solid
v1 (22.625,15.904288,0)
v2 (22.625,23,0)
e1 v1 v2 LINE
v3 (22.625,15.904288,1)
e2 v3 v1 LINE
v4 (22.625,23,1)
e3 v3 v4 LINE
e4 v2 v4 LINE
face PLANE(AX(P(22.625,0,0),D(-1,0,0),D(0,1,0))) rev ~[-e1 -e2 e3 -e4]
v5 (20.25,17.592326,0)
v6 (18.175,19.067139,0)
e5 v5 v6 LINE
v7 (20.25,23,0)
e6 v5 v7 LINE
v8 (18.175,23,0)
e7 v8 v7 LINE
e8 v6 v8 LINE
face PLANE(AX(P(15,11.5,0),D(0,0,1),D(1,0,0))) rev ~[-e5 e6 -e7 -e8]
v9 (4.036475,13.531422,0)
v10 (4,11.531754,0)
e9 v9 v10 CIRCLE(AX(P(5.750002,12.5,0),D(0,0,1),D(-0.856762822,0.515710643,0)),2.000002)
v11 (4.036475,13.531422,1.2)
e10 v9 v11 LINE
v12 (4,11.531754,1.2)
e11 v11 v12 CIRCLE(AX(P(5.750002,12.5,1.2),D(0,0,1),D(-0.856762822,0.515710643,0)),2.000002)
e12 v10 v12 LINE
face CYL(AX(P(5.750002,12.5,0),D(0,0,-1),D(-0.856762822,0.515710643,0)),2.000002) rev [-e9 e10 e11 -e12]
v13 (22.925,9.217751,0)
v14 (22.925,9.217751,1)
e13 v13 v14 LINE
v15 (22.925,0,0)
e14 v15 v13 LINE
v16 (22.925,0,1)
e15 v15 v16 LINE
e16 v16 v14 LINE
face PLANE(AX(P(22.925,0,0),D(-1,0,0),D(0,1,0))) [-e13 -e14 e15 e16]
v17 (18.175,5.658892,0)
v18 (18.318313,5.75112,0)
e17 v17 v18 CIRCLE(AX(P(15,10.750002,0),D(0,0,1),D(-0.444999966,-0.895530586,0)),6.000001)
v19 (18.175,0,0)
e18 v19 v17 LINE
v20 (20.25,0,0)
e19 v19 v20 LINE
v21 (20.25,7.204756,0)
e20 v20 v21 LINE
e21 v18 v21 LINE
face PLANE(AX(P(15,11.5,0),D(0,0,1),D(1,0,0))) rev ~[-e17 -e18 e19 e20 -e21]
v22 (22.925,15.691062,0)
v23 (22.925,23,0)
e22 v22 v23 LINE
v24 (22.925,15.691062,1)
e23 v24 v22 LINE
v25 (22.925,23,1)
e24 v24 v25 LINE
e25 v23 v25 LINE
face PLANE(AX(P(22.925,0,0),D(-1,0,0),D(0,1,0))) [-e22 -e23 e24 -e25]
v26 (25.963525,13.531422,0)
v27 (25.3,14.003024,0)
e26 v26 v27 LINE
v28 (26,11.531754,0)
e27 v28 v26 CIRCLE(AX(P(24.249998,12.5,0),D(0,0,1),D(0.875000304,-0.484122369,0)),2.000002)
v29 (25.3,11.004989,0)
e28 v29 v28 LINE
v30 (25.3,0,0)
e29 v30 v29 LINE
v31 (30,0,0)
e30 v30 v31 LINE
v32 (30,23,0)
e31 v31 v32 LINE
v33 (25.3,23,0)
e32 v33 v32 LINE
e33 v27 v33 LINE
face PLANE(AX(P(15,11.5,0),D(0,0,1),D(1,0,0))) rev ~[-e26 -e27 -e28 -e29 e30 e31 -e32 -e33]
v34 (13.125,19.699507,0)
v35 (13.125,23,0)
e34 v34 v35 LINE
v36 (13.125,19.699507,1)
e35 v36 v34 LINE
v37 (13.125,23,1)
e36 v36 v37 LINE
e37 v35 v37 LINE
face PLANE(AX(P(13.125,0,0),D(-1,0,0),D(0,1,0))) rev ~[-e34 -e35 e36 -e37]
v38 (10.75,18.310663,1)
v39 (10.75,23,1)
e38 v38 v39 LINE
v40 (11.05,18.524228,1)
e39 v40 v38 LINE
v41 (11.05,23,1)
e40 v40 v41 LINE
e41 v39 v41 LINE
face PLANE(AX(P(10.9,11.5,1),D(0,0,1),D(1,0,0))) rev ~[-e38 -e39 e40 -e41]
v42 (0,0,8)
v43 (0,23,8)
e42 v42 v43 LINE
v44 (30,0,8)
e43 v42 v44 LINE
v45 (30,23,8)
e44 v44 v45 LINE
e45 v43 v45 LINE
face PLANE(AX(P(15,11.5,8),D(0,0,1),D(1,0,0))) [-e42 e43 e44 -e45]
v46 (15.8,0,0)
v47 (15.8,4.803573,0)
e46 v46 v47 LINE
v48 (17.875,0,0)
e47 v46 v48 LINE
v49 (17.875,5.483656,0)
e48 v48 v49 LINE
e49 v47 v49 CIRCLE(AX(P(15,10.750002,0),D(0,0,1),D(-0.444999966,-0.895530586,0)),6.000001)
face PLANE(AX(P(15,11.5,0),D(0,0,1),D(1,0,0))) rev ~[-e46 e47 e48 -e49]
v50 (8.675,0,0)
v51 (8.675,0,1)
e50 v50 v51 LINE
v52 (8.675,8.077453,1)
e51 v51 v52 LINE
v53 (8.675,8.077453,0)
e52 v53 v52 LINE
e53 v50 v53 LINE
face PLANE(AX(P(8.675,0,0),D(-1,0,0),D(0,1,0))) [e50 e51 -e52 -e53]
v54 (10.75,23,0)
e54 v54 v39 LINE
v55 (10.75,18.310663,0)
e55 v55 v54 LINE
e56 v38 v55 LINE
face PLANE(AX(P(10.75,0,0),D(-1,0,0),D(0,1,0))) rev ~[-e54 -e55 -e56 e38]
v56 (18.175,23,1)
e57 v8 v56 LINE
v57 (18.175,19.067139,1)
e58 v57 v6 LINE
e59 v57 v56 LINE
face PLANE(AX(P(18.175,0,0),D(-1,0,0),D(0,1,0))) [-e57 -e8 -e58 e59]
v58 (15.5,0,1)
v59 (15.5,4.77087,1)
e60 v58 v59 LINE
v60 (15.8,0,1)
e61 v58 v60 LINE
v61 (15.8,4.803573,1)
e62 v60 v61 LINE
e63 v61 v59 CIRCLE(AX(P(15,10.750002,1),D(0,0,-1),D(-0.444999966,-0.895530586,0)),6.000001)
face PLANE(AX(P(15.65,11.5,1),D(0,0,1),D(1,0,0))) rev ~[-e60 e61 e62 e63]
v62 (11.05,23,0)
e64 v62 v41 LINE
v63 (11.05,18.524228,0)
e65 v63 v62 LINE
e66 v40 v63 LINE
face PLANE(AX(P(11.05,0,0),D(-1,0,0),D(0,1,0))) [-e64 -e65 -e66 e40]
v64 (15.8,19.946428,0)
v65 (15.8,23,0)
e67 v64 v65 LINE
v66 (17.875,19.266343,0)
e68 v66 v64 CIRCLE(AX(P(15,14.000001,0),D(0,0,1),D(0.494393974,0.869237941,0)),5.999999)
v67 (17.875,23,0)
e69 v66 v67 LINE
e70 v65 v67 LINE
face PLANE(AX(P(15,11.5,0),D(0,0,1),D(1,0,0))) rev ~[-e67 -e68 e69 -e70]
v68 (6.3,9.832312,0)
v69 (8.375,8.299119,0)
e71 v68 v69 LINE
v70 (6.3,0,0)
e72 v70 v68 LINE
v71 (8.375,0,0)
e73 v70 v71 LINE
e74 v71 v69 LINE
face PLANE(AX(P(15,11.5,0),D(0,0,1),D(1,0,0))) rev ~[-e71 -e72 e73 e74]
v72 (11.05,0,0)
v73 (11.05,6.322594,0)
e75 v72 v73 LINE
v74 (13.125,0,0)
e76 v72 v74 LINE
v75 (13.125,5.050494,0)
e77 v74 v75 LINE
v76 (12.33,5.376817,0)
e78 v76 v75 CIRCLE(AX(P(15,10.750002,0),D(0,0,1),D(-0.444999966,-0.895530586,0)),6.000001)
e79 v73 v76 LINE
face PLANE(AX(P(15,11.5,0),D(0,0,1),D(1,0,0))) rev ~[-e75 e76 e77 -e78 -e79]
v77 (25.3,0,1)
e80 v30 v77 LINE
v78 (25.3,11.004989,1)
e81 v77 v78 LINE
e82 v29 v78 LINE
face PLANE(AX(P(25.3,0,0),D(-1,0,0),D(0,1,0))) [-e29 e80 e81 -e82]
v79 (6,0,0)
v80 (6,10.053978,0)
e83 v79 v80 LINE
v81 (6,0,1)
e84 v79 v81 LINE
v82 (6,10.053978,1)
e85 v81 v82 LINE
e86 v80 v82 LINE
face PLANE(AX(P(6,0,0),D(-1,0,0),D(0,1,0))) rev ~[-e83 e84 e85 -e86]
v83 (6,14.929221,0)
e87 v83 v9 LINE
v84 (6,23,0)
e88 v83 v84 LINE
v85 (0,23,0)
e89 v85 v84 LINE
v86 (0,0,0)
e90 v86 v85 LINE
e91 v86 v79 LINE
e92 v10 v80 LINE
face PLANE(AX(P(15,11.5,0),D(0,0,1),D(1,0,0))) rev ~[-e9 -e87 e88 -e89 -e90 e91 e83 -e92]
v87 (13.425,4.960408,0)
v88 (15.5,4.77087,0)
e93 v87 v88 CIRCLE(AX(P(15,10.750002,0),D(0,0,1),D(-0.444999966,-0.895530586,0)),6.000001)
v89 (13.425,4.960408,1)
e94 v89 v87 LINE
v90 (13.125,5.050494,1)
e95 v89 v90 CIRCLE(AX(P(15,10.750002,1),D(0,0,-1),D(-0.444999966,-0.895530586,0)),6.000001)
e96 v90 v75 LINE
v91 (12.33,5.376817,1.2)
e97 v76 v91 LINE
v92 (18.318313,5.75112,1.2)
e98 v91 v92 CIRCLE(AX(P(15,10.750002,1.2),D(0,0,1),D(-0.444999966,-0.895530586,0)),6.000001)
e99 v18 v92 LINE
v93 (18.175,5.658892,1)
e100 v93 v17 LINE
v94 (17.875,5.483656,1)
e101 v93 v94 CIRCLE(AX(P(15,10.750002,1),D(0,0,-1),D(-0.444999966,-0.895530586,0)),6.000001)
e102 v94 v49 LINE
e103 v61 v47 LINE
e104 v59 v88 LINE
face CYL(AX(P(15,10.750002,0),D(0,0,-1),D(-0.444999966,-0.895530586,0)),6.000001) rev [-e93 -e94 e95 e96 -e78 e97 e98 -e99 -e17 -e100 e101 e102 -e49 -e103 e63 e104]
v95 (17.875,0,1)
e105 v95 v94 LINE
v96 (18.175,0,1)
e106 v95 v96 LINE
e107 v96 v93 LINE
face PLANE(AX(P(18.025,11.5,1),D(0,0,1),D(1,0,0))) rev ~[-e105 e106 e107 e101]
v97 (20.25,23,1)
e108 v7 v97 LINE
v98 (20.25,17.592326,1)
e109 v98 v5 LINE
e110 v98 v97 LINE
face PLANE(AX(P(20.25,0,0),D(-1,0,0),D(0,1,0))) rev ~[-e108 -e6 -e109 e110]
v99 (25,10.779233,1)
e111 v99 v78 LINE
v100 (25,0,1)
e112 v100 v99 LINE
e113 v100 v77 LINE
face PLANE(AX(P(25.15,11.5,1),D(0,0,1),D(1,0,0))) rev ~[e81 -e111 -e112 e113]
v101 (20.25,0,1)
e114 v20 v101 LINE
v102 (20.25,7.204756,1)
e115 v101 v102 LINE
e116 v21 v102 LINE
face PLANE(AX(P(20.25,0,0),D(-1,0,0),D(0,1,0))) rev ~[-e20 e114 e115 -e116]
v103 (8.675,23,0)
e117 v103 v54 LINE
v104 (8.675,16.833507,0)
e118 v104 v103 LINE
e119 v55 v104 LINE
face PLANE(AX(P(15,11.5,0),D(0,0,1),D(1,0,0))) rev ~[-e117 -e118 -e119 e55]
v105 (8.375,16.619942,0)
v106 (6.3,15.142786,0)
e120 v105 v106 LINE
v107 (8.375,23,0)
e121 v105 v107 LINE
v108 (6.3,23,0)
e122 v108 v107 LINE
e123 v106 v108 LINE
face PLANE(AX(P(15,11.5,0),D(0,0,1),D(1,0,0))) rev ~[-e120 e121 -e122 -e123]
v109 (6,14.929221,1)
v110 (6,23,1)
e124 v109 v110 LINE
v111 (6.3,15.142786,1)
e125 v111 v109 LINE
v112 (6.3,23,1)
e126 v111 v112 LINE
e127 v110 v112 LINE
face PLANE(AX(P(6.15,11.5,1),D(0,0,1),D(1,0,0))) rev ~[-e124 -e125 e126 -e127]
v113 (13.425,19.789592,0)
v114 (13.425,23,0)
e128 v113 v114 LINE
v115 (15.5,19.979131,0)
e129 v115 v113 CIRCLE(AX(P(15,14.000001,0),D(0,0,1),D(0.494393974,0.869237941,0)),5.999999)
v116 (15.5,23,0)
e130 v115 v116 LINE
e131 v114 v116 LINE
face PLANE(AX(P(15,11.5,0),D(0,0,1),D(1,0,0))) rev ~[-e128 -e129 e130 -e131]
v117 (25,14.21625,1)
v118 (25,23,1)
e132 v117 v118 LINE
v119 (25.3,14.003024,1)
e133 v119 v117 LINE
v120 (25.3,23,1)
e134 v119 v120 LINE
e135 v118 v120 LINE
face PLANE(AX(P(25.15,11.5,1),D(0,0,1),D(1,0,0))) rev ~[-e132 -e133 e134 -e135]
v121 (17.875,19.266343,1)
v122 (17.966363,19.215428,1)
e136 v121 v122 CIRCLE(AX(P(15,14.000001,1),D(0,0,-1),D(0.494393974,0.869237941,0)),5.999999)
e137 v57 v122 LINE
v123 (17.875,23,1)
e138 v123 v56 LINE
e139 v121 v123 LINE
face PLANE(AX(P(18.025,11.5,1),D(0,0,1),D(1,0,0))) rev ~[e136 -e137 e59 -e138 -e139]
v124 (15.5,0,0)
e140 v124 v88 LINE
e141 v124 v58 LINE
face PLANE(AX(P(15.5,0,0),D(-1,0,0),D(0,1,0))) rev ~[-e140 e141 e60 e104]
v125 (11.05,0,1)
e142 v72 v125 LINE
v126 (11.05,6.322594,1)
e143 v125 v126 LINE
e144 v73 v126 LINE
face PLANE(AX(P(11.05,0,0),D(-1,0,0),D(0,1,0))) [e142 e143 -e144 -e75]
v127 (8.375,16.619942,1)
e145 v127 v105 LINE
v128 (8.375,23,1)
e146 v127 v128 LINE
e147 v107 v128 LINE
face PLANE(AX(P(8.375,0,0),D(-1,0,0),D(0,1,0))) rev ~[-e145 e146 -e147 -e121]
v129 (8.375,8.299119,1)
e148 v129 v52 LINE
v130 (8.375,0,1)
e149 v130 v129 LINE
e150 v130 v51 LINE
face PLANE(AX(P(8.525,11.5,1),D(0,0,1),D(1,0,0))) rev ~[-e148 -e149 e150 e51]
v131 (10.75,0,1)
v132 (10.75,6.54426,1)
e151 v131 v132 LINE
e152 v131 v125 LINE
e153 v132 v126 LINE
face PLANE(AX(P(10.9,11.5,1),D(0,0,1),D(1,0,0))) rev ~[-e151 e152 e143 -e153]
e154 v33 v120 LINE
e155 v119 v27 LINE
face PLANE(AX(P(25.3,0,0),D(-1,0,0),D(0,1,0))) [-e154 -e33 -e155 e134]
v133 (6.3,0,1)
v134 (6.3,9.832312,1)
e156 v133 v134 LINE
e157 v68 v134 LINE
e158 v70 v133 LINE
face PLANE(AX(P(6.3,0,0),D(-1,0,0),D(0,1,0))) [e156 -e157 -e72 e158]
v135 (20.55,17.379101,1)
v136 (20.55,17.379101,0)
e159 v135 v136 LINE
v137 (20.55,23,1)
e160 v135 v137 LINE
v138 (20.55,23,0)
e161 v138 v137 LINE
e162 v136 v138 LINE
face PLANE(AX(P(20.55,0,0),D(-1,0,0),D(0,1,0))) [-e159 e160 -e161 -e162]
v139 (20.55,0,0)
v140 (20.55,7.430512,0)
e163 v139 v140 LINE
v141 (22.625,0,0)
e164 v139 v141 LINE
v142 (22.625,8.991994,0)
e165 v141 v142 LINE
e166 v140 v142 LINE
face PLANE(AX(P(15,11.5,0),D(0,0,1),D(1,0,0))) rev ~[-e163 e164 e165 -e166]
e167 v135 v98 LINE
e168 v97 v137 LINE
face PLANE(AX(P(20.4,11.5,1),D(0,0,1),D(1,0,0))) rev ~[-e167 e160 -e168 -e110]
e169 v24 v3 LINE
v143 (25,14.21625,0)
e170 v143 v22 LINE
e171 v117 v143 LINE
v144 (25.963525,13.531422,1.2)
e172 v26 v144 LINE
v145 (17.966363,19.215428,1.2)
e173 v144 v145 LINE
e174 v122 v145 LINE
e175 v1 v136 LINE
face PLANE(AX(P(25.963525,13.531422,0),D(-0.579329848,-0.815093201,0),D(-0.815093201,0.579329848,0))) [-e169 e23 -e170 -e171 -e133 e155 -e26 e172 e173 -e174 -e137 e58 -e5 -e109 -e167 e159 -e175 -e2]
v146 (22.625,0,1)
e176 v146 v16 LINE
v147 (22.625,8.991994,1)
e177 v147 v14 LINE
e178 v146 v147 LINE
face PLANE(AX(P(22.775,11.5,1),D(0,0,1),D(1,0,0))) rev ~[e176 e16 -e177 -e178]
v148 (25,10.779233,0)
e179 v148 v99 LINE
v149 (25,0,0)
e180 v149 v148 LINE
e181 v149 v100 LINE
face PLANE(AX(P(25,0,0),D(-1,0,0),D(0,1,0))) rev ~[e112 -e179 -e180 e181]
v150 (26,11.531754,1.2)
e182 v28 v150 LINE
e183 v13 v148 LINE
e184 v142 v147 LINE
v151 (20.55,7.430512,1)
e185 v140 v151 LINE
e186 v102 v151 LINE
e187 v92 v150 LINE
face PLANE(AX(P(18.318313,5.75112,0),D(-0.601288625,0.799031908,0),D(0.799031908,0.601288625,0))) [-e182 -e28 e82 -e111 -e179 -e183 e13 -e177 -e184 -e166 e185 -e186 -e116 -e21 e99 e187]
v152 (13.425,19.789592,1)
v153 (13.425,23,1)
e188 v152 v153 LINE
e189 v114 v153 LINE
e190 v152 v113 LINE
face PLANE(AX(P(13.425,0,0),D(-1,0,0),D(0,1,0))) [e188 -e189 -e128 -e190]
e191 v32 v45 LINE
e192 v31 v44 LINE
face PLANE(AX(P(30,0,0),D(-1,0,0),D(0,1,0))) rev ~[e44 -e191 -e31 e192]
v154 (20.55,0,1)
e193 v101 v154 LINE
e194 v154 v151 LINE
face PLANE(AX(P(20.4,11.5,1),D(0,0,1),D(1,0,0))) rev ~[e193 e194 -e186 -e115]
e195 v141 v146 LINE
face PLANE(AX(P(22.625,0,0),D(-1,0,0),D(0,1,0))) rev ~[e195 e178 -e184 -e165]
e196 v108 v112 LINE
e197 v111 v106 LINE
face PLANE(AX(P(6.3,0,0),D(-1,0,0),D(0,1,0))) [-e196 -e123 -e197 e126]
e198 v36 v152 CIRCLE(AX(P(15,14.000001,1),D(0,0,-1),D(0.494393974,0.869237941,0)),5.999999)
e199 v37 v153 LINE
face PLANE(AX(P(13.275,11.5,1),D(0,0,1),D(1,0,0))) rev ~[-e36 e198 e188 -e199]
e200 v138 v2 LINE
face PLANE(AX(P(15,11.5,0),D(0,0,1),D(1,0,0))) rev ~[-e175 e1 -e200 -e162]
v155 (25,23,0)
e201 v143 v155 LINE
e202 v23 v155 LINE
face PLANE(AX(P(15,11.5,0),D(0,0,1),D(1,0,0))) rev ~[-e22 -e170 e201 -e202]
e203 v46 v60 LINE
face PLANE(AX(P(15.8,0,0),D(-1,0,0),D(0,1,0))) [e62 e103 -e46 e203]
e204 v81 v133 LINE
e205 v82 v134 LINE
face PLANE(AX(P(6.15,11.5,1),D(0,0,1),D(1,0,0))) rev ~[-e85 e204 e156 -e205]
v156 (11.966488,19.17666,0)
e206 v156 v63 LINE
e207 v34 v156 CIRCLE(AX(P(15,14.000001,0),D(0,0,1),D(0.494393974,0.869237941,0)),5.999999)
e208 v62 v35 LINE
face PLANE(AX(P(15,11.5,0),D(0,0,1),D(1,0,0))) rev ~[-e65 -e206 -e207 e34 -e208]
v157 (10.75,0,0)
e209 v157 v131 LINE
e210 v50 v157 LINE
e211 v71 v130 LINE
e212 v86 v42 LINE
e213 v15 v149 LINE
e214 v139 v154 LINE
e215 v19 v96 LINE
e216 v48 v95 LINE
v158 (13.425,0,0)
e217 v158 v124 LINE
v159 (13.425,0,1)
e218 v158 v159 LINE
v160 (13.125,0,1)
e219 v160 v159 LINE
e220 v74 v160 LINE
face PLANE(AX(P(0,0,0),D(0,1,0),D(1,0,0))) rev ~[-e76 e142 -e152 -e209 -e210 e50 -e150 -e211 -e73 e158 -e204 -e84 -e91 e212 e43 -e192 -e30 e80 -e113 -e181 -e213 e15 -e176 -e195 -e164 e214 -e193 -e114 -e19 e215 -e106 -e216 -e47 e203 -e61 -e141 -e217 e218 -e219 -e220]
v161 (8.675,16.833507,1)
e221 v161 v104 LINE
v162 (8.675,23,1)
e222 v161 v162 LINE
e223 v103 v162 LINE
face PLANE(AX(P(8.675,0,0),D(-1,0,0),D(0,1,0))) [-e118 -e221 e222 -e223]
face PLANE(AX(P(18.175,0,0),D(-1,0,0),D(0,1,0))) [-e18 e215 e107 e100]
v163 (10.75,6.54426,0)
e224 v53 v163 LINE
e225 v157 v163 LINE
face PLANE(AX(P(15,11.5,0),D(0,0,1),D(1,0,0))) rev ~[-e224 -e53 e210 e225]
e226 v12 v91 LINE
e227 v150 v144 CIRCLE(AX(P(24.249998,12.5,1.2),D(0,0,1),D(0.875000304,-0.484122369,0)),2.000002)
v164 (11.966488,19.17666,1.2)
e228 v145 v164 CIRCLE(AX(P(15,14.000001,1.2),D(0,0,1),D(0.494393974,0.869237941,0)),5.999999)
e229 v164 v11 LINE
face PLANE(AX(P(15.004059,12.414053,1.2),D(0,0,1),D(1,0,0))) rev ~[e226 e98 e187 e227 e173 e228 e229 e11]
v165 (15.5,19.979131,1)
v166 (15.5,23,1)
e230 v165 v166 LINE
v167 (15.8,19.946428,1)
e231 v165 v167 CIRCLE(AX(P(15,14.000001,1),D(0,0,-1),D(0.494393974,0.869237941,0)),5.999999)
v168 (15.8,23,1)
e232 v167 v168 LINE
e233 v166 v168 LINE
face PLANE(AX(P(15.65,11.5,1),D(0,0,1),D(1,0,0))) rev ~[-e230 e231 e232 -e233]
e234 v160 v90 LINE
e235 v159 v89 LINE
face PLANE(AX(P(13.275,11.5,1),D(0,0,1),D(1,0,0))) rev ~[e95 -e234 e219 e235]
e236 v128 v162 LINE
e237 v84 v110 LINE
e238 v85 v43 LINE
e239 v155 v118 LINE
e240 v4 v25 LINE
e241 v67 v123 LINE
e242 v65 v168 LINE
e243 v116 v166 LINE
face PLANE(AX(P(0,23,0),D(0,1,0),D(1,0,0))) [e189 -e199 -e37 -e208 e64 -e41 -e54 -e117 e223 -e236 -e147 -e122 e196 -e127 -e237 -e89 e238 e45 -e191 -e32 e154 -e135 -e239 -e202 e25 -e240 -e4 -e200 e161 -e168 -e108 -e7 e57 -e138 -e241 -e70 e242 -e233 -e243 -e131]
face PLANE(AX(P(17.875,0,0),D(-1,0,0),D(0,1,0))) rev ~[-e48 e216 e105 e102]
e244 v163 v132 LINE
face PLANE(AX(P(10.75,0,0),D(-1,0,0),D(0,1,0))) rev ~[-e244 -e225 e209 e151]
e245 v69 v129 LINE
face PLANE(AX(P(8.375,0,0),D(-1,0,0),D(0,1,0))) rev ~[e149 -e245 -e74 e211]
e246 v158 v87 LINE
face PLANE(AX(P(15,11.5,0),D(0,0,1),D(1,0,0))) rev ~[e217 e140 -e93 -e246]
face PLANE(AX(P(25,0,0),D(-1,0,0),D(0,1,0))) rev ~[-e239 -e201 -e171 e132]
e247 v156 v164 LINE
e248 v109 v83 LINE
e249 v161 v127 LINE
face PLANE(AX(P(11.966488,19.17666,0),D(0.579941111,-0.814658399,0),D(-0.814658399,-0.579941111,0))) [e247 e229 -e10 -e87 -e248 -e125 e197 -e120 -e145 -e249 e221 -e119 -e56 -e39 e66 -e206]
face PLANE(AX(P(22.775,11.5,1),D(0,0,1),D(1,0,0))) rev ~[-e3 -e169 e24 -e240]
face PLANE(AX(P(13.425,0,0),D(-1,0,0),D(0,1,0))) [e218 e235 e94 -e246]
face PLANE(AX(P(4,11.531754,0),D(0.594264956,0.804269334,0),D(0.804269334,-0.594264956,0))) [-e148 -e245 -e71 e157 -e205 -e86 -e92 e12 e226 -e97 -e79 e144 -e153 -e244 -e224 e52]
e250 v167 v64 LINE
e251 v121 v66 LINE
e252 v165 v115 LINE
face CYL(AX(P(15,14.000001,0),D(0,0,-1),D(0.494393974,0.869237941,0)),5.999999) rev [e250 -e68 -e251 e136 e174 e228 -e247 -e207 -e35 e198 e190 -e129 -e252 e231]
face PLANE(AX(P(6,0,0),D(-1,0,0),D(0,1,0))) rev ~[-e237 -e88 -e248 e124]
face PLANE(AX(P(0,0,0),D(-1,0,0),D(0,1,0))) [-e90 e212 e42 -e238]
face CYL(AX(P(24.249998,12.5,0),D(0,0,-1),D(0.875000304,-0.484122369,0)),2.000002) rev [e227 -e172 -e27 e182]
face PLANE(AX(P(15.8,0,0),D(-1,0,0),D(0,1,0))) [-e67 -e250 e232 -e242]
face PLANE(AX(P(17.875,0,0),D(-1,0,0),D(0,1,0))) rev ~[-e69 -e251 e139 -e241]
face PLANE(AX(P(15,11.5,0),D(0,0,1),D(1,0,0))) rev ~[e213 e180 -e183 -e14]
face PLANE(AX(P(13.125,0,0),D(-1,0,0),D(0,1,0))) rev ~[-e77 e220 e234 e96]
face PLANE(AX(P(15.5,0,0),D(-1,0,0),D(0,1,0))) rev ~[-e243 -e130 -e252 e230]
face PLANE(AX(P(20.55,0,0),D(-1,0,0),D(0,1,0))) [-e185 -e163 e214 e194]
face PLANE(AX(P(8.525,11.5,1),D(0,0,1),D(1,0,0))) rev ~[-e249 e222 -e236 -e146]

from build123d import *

# Parameters (mm, degrees)
SKETCH_W            = 30
SKETCH_H            = 23
PAD002_DEPTH        = 8
POCKET001_DEPTH     = 1.2
SKETCH002_W         = 0.3
SKETCH002_H         = 23
POCKET_DEPTH        = 1
LINEARPATTERN_COUNT = 9
LINEARPATTERN_PITCH = 2.375


with BuildPart() as part:
    # Sketch → Pad002 (new body)
    with BuildSketch(Plane.XY):
        with Locations((15, 11.5)):
            Rectangle(SKETCH_W, SKETCH_H)
    extrude(amount=PAD002_DEPTH)

    # Sketch001 → Pocket001 (cut)
    with BuildSketch(Plane.XY):
        with BuildLine():
            ThreePointArc((17.966363, 19.215428), (14.961232, 19.999875), (11.966488, 19.17666))
            Line((11.966488, 19.17666), (4.036475, 13.531422))
            ThreePointArc((4.036475, 13.531422), (3.750333, 12.536475), (4, 11.531754))
            Line((4, 11.531754), (12.33, 5.376817))
            ThreePointArc((12.33, 5.376817), (15.374304, 4.761687), (18.318313, 5.75112))
            Line((18.318313, 5.75112), (26, 11.531754))
            ThreePointArc((26, 11.531754), (26.249667, 12.536475), (25.963525, 13.531422))
            Line((25.963525, 13.531422), (17.966363, 19.215428))
        make_face()
    extrude(amount=POCKET001_DEPTH, mode=Mode.SUBTRACT)

    # Sketch002 → Pocket (cut)
    with BuildSketch(Plane.XY):
        with Locations((6.15, 11.5)):
            Rectangle(SKETCH002_W, SKETCH002_H)
    pocket = extrude(amount=POCKET_DEPTH, mode=Mode.SUBTRACT)

    # LinearPattern: Pocket ×9
    with Locations(*[(i * LINEARPATTERN_PITCH, 0, 0) for i in range(1, LINEARPATTERN_COUNT)]):
        add(pocket, mode=Mode.SUBTRACT)


solid = part.part
